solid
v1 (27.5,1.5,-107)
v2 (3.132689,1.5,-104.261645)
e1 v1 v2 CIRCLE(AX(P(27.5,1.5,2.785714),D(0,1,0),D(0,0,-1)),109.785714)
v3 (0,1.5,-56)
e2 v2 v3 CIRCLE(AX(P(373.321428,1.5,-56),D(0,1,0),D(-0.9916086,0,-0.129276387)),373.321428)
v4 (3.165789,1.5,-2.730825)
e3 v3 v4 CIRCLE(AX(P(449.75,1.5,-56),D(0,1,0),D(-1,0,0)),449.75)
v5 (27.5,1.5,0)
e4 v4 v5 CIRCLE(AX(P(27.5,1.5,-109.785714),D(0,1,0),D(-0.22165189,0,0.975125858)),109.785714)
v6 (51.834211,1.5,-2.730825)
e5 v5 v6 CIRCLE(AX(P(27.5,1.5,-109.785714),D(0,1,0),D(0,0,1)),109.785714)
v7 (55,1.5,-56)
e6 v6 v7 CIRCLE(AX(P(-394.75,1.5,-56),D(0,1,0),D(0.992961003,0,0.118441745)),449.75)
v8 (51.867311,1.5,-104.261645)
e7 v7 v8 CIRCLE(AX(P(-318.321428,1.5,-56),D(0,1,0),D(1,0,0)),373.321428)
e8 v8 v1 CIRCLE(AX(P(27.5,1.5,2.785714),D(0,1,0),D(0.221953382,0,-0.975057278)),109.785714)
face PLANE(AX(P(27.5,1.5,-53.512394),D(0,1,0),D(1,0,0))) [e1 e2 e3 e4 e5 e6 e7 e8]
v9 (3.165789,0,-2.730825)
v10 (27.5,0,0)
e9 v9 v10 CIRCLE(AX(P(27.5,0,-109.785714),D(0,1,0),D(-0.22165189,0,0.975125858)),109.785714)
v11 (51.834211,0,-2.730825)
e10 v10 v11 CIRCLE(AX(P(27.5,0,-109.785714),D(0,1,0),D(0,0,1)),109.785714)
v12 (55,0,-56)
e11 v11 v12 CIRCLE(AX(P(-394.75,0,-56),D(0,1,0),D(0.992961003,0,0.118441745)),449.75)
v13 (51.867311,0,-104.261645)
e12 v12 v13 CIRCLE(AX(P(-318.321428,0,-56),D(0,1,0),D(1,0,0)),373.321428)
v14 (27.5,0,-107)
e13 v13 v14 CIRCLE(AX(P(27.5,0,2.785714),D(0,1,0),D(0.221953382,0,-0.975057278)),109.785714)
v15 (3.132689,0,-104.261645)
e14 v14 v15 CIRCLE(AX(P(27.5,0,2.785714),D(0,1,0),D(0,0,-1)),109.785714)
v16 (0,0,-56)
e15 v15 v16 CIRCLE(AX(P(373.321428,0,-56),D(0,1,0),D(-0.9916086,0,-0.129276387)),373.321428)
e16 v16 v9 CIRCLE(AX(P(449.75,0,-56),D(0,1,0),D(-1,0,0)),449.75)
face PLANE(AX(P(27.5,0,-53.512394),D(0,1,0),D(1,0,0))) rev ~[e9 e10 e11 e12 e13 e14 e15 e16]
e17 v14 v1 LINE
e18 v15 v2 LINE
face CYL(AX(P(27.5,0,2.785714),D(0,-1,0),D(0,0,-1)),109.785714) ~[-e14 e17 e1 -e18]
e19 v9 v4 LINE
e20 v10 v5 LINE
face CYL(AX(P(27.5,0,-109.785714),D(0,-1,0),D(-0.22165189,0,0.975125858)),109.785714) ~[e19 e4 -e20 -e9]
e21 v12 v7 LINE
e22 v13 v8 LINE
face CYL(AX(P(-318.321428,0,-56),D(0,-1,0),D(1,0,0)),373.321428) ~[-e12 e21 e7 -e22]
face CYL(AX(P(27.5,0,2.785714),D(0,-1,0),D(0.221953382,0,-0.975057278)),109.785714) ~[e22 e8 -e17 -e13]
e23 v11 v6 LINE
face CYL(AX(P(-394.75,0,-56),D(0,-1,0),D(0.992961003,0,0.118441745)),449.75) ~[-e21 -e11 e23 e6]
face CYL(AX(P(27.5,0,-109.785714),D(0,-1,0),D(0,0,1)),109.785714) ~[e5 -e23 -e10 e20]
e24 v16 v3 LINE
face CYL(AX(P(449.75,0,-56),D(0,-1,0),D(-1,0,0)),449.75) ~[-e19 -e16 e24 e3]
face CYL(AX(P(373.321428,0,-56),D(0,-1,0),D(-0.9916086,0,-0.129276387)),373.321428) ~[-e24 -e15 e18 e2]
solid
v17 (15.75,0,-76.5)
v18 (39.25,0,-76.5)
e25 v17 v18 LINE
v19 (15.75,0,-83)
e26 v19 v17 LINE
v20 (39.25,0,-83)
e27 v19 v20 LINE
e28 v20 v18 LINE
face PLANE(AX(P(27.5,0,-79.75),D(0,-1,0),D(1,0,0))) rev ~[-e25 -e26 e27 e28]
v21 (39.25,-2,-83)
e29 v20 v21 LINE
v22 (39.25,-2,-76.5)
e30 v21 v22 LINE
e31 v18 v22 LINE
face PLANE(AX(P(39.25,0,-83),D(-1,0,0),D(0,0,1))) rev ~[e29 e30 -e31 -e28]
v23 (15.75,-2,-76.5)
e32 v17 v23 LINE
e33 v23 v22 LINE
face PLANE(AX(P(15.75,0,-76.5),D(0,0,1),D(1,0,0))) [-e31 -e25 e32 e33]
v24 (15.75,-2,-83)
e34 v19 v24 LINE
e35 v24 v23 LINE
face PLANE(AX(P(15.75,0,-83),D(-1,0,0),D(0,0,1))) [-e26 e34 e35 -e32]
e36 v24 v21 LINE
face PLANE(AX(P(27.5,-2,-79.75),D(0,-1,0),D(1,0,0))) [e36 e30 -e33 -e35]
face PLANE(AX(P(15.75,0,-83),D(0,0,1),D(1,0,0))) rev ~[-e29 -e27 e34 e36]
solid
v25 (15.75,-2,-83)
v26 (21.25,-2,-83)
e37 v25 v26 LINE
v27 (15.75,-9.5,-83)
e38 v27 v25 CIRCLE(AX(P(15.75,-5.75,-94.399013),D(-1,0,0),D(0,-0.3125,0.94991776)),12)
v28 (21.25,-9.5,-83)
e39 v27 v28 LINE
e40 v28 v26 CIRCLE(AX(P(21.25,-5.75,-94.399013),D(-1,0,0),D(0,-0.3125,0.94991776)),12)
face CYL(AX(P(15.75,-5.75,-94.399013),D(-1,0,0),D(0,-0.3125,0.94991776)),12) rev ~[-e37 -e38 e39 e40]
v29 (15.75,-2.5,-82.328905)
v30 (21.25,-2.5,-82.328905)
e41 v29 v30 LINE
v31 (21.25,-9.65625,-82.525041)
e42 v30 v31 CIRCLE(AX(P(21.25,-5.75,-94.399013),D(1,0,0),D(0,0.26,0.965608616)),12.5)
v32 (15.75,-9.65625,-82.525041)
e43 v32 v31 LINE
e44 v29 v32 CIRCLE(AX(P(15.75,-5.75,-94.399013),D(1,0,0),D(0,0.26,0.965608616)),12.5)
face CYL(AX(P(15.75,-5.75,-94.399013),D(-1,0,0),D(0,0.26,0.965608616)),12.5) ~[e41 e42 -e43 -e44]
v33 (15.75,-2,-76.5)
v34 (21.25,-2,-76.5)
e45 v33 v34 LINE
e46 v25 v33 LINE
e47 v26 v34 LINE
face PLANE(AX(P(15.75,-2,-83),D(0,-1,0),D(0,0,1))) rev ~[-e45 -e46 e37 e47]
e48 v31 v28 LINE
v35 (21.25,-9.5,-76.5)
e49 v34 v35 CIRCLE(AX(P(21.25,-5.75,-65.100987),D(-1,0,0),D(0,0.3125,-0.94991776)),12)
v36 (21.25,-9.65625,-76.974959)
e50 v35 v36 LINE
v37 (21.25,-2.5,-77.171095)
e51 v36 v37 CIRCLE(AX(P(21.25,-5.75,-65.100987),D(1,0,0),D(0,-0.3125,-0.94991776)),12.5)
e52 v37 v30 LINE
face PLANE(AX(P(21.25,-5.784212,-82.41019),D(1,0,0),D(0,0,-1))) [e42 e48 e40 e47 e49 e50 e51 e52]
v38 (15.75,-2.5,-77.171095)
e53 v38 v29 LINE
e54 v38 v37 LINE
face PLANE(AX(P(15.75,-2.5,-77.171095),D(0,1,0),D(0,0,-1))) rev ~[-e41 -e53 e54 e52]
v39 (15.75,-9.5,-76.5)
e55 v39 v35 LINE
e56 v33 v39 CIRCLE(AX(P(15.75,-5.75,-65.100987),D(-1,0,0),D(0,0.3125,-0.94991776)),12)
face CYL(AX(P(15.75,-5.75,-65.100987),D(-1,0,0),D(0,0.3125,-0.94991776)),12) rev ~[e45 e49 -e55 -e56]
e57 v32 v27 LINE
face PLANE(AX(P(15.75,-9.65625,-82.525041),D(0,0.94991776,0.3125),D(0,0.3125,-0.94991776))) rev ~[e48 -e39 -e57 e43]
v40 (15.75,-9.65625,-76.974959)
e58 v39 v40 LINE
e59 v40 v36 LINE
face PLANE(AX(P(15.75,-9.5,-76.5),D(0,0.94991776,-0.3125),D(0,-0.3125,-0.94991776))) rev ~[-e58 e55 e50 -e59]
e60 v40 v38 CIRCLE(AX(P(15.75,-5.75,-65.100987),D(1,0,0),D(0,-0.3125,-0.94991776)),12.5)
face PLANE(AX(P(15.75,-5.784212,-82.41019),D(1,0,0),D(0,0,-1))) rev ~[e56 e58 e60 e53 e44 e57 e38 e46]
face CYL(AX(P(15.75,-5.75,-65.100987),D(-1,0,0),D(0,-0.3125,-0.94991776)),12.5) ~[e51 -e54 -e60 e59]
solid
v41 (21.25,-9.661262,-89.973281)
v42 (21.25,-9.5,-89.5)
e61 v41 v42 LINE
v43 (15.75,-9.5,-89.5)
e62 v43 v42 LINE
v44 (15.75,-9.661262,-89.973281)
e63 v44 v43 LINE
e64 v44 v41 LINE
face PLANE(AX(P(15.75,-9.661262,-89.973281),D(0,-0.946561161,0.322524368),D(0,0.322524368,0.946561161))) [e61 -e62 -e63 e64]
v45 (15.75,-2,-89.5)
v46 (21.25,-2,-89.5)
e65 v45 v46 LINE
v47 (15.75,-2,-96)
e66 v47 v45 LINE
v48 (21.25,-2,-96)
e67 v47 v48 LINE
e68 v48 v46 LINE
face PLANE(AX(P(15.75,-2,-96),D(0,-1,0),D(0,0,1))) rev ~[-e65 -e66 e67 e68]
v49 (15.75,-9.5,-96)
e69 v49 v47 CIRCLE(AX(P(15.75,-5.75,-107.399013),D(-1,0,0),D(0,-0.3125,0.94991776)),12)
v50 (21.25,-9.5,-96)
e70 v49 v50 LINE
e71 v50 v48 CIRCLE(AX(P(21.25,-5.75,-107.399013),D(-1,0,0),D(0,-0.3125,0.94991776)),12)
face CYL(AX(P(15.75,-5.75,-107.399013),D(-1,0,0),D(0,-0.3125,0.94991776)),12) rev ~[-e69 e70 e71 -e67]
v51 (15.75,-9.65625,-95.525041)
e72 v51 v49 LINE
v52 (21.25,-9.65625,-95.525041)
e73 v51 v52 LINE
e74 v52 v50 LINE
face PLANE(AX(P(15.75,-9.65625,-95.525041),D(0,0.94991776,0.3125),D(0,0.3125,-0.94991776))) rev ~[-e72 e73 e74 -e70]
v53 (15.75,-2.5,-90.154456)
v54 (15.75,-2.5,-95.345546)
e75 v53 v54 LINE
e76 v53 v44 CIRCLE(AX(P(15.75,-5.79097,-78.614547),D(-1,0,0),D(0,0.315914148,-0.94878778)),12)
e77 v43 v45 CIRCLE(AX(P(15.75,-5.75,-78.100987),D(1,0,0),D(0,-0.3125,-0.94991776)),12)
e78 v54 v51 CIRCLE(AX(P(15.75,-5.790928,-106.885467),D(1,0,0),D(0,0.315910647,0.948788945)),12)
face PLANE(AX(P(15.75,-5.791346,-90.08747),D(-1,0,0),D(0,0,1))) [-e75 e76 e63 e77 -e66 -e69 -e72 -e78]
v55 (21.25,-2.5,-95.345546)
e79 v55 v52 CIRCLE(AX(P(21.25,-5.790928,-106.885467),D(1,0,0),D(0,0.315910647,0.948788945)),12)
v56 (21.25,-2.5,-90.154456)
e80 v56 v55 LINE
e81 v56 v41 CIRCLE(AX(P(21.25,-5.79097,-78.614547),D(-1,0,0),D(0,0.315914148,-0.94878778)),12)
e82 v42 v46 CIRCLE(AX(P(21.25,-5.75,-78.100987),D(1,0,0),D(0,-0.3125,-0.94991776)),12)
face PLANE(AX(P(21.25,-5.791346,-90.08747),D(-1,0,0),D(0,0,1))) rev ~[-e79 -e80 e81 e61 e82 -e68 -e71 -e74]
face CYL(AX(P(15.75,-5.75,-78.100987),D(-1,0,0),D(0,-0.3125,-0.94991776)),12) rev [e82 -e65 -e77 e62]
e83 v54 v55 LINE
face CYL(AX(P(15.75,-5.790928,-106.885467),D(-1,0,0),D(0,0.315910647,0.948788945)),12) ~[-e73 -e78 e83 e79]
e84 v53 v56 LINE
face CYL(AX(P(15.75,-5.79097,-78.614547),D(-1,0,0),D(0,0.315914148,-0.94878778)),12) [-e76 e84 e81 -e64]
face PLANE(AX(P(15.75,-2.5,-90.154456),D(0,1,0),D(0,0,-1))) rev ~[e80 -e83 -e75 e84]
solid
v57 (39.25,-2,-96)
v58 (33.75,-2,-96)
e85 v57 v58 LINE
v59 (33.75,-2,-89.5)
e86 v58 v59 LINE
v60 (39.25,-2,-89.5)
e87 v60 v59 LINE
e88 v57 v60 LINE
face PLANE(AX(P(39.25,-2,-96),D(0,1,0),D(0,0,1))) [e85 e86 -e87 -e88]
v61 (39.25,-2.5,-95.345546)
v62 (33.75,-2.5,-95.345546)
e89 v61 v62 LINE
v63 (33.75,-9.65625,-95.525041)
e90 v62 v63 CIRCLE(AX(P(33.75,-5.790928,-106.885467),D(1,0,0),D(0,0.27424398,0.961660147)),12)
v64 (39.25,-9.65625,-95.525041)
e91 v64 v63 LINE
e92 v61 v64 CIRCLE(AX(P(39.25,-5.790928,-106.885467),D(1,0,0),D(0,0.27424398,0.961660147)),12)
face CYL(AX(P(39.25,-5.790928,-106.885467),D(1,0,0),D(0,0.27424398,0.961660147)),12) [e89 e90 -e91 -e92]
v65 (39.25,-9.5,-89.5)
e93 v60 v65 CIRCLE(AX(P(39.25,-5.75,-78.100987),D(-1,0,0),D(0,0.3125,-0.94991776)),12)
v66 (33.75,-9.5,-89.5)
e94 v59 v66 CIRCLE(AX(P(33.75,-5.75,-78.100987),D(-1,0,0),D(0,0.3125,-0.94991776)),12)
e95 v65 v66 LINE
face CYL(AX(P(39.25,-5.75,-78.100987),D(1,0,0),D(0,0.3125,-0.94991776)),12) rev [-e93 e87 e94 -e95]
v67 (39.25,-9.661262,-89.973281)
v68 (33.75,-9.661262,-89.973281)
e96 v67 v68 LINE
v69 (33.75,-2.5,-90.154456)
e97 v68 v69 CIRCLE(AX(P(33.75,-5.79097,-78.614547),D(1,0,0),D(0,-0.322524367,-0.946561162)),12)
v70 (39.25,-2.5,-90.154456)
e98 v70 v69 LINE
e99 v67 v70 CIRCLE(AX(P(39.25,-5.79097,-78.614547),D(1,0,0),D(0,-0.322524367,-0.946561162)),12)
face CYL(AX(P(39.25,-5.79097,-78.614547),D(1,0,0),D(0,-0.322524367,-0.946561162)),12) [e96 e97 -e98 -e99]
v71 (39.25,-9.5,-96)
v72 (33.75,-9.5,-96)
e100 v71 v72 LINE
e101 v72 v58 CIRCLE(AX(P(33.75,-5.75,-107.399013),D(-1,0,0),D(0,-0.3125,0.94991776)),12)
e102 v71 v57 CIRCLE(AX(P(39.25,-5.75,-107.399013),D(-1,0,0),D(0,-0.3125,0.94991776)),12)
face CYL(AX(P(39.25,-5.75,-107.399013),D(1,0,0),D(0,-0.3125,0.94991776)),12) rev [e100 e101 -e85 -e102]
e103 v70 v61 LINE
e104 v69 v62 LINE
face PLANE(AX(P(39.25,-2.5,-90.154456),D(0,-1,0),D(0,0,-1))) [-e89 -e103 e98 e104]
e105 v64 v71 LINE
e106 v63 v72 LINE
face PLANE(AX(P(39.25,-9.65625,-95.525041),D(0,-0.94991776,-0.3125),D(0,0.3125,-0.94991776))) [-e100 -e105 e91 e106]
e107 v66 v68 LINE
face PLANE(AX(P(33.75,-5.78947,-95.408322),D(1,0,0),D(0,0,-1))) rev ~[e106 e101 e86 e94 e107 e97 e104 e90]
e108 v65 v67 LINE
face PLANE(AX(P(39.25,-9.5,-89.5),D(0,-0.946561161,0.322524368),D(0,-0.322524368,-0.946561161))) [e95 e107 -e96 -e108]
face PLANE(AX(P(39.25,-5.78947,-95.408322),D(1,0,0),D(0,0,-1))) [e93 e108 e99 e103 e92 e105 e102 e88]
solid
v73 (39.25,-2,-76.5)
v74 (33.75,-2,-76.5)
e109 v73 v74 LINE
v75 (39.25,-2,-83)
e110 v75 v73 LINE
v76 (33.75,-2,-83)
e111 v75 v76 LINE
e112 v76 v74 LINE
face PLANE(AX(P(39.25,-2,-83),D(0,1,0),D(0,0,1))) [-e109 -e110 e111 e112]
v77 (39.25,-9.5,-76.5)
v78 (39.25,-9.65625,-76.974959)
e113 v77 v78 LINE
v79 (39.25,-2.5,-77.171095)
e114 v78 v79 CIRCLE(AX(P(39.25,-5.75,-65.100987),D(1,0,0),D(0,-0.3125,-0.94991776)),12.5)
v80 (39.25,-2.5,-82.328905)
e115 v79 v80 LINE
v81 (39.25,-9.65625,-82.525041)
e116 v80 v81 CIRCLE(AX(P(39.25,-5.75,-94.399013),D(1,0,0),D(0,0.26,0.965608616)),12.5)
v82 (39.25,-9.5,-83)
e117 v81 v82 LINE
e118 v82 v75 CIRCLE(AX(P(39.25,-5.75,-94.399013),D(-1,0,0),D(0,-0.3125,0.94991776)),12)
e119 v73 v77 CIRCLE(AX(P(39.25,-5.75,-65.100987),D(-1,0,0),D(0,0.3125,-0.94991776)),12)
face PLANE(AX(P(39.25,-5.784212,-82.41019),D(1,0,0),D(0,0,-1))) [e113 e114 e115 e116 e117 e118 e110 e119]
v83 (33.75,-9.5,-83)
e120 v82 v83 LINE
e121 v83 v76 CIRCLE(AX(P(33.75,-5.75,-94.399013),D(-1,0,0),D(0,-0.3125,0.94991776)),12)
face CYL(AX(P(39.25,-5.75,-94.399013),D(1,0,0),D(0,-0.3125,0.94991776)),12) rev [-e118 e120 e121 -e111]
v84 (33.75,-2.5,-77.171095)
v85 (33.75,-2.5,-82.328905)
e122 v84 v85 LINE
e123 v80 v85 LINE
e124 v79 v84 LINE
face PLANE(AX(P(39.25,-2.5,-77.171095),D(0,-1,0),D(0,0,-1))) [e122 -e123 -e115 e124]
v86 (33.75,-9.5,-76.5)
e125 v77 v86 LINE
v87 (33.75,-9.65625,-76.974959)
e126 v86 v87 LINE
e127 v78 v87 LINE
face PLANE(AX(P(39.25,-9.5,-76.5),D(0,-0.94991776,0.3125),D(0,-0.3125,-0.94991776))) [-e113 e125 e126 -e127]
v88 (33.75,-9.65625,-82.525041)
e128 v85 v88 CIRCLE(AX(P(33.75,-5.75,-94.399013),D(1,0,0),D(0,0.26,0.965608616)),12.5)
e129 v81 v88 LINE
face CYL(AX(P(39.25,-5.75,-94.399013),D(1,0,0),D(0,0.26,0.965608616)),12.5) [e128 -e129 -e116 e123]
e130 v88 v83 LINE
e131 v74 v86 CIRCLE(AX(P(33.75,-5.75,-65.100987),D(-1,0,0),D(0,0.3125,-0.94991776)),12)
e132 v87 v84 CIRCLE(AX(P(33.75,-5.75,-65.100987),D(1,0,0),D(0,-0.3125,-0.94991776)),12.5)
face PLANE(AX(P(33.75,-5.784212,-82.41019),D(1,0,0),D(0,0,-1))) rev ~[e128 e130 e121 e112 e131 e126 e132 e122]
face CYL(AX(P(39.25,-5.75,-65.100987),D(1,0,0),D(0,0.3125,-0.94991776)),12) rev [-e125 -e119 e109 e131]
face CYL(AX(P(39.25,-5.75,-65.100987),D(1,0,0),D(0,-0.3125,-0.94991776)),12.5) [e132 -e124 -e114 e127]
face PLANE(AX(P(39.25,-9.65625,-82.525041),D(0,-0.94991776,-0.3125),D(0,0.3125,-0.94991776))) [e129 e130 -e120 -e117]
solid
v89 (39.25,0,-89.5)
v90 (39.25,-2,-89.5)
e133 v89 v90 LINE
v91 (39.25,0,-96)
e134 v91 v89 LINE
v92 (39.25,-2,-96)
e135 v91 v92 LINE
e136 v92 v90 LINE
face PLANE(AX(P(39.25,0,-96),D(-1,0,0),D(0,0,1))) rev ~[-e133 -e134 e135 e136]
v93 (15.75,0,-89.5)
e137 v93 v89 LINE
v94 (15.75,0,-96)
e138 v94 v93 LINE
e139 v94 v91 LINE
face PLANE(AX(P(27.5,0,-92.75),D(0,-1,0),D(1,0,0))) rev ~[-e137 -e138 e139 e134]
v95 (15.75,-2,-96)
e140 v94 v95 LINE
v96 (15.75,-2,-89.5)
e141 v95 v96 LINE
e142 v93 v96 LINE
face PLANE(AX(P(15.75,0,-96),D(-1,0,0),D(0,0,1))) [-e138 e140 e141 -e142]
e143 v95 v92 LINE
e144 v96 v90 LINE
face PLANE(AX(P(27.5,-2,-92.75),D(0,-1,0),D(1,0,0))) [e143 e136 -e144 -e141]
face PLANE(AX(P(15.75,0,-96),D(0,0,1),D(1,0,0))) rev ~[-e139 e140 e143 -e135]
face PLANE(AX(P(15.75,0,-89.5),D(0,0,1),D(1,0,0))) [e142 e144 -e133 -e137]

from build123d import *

# Parameters (mm, degrees)
BOSS_EXTRUDE1_DEPTH   = 1.5
SKETCH2_W             = 23.5
SKETCH2_H             = 6.5
BOSS_EXTRUDE2_DEPTH   = 2
BOSS_EXTRUDE2_2_DEPTH = 2
BOSS_EXTRUDE3_DEPTH   = 5.5
BOSS_EXTRUDE4_START   = -23.5
BOSS_EXTRUDE4_DEPTH   = 5.5


with BuildPart() as part:
    # Sketch1 → Boss-Extrude1 (new body)
    with BuildSketch(Plane(origin=(0, 0, 0), x_dir=(1, 0, 0), z_dir=(0, 1, 0))):
        with BuildLine():
            ThreePointArc((27.5, 107), (15.239653237, 106.313263521), (3.132689406, 104.261645493))
            ThreePointArc((3.132689406, 104.261645493), (0.783995568, 80.18160545), (0, 56))
            ThreePointArc((0, 56), (0.792144846, 29.318418419), (3.165788975, 2.730825397))
            ThreePointArc((3.165788975, 2.730825397), (15.25651976, 0.68484237), (27.5, 0))
            ThreePointArc((27.5, 0), (39.74348024, 0.68484237), (51.834211025, 2.730825397))
            ThreePointArc((51.834211025, 2.730825397), (54.207855154, 29.318418419), (55, 56))
            ThreePointArc((55, 56), (54.216004432, 80.18160545), (51.867310594, 104.261645493))
            ThreePointArc((51.867310594, 104.261645493), (39.760346763, 106.313263521), (27.5, 107))
        make_face()
    extrude(amount=BOSS_EXTRUDE1_DEPTH)


with BuildPart() as body_2:
    # Sketch2 → Boss-Extrude2 (new body)
    with BuildSketch(Plane.XZ):
        with Locations((27.5, -79.75)):
            Rectangle(SKETCH2_W, SKETCH2_H)
    extrude(amount=BOSS_EXTRUDE2_DEPTH)


with BuildPart() as body_3:
    # Sketch2 → Boss-Extrude2 2 (new body)
    with BuildSketch(Plane.XZ):
        with Locations((27.5, -92.75)):
            Rectangle(SKETCH2_W, SKETCH2_H)
    extrude(amount=BOSS_EXTRUDE2_2_DEPTH)


with BuildPart() as body_4:
    # Sketch3 → Boss-Extrude3 (new body)
    with BuildSketch(Plane(origin=(39.25, 0, 0), x_dir=(0, 0, -1), z_dir=(1, 0, 0))):
        with BuildLine():
            Line((82.52504112, -9.65625), (83, -9.5))
            ThreePointArc((83, -9.5), (82.399013115, -5.75), (83, -2))
            Line((83, -2), (82.474773097, -2))
            ThreePointArc((82.474773097, -2), (82.399234757, -2.249240176), (82.328905411, -2.5))
            ThreePointArc((82.328905411, -2.5), (81.903705329, -6.092466524), (82.52504112, -9.65625))
        make_face()
        with BuildLine():
            Line((77.171094589, -2.5), (82.328905411, -2.5))
            ThreePointArc((82.328905411, -2.5), (82.399234757, -2.249240176), (82.474773097, -2))
            Line((82.474773097, -2), (77.025226903, -2))
            ThreePointArc((77.025226903, -2), (77.100765243, -2.249240176), (77.171094589, -2.5))
        make_face()
        with BuildLine():
            ThreePointArc((76.97495888, -9.65625), (77.596294671, -6.092466524), (77.171094589, -2.5))
            ThreePointArc((77.171094589, -2.5), (77.100765243, -2.249240176), (77.025226903, -2))
            Line((77.025226903, -2), (76.5, -2))
            ThreePointArc((76.5, -2), (77.100986885, -5.75), (76.5, -9.5))
            Line((76.5, -9.5), (76.97495888, -9.65625))
        make_face()
        with BuildLine():
            Line((95.52504112, -9.65625), (96, -9.5))
            ThreePointArc((96, -9.5), (95.399013115, -5.75), (96, -2))
            Line((96, -2), (95.5, -2))
            ThreePointArc((95.5, -2), (95.420046877, -2.249157942), (95.345545576, -2.5))
            ThreePointArc((95.345545576, -2.5), (94.88924031, -6.091821292), (95.52504112, -9.65625))
        make_face()
        with BuildLine():
            Line((90.154456431, -2.5), (95.345545576, -2.5))
            ThreePointArc((95.345545576, -2.5), (95.420046877, -2.249157942), (95.5, -2))
            Line((95.5, -2), (90, -2))
            ThreePointArc((90, -2), (90.07995413, -2.24915793), (90.154456431, -2.5))
        make_face()
        with BuildLine():
            ThreePointArc((89.973280581, -9.661262184), (90.610708118, -6.094465822), (90.154456431, -2.5))
            ThreePointArc((90.154456431, -2.5), (90.07995413, -2.24915793), (90, -2))
            Line((90, -2), (89.5, -2))
            ThreePointArc((89.5, -2), (90.100986885, -5.75), (89.5, -9.5))
            Line((89.5, -9.5), (89.973280581, -9.661262184))
        make_face()
    extrude(amount=-BOSS_EXTRUDE3_DEPTH)


with BuildPart() as body_5:
    # Sketch3<3> → Boss-Extrude4 (new body)
    with BuildSketch(Plane(origin=(39.25, 0, 0), x_dir=(0, 0, -1), z_dir=(1, 0, 0)).offset(BOSS_EXTRUDE4_START)):
        with BuildLine():
            Line((82.52504112, -9.65625), (83, -9.5))
            ThreePointArc((83, -9.5), (82.399013115, -5.75), (83, -2))
            Line((83, -2), (82.474773097, -2))
            ThreePointArc((82.474773097, -2), (82.399234757, -2.249240176), (82.328905411, -2.5))
            ThreePointArc((82.328905411, -2.5), (81.903705329, -6.092466524), (82.52504112, -9.65625))
        make_face()
        with BuildLine():
            Line((77.171094589, -2.5), (82.328905411, -2.5))
            ThreePointArc((82.328905411, -2.5), (82.399234757, -2.249240176), (82.474773097, -2))
            Line((82.474773097, -2), (77.025226903, -2))
            ThreePointArc((77.025226903, -2), (77.100765243, -2.249240176), (77.171094589, -2.5))
        make_face()
        with BuildLine():
            ThreePointArc((76.97495888, -9.65625), (77.596294671, -6.092466524), (77.171094589, -2.5))
            ThreePointArc((77.171094589, -2.5), (77.100765243, -2.249240176), (77.025226903, -2))
            Line((77.025226903, -2), (76.5, -2))
            ThreePointArc((76.5, -2), (77.100986885, -5.75), (76.5, -9.5))
            Line((76.5, -9.5), (76.97495888, -9.65625))
        make_face()
        with BuildLine():
            ThreePointArc((90, -2), (90.614473663, -5.832820724), (89.973280581, -9.661262184))
            Line((89.973280581, -9.661262184), (89.5, -9.5))
            ThreePointArc((89.5, -9.5), (90.100986885, -5.75), (89.5, -2))
            Line((89.5, -2), (90, -2))
        make_face()
        with BuildLine():
            Line((90.154456431, -2.5), (95.345545576, -2.5))
            ThreePointArc((95.345545576, -2.5), (95.420046877, -2.249157942), (95.5, -2))
            Line((95.5, -2), (90, -2))
            ThreePointArc((90, -2), (90.07995413, -2.24915793), (90.154456431, -2.5))
        make_face()
        with BuildLine():
            Line((96, -2), (95.5, -2))
            ThreePointArc((95.5, -2), (94.885531529, -5.830175679), (95.52504112, -9.65625))
            Line((95.52504112, -9.65625), (96, -9.5))
            ThreePointArc((96, -9.5), (95.399013115, -5.75), (96, -2))
        make_face()
    extrude(amount=BOSS_EXTRUDE4_DEPTH)


solid = Compound([part.part, body_2.part, body_3.part, body_4.part, body_5.part])
